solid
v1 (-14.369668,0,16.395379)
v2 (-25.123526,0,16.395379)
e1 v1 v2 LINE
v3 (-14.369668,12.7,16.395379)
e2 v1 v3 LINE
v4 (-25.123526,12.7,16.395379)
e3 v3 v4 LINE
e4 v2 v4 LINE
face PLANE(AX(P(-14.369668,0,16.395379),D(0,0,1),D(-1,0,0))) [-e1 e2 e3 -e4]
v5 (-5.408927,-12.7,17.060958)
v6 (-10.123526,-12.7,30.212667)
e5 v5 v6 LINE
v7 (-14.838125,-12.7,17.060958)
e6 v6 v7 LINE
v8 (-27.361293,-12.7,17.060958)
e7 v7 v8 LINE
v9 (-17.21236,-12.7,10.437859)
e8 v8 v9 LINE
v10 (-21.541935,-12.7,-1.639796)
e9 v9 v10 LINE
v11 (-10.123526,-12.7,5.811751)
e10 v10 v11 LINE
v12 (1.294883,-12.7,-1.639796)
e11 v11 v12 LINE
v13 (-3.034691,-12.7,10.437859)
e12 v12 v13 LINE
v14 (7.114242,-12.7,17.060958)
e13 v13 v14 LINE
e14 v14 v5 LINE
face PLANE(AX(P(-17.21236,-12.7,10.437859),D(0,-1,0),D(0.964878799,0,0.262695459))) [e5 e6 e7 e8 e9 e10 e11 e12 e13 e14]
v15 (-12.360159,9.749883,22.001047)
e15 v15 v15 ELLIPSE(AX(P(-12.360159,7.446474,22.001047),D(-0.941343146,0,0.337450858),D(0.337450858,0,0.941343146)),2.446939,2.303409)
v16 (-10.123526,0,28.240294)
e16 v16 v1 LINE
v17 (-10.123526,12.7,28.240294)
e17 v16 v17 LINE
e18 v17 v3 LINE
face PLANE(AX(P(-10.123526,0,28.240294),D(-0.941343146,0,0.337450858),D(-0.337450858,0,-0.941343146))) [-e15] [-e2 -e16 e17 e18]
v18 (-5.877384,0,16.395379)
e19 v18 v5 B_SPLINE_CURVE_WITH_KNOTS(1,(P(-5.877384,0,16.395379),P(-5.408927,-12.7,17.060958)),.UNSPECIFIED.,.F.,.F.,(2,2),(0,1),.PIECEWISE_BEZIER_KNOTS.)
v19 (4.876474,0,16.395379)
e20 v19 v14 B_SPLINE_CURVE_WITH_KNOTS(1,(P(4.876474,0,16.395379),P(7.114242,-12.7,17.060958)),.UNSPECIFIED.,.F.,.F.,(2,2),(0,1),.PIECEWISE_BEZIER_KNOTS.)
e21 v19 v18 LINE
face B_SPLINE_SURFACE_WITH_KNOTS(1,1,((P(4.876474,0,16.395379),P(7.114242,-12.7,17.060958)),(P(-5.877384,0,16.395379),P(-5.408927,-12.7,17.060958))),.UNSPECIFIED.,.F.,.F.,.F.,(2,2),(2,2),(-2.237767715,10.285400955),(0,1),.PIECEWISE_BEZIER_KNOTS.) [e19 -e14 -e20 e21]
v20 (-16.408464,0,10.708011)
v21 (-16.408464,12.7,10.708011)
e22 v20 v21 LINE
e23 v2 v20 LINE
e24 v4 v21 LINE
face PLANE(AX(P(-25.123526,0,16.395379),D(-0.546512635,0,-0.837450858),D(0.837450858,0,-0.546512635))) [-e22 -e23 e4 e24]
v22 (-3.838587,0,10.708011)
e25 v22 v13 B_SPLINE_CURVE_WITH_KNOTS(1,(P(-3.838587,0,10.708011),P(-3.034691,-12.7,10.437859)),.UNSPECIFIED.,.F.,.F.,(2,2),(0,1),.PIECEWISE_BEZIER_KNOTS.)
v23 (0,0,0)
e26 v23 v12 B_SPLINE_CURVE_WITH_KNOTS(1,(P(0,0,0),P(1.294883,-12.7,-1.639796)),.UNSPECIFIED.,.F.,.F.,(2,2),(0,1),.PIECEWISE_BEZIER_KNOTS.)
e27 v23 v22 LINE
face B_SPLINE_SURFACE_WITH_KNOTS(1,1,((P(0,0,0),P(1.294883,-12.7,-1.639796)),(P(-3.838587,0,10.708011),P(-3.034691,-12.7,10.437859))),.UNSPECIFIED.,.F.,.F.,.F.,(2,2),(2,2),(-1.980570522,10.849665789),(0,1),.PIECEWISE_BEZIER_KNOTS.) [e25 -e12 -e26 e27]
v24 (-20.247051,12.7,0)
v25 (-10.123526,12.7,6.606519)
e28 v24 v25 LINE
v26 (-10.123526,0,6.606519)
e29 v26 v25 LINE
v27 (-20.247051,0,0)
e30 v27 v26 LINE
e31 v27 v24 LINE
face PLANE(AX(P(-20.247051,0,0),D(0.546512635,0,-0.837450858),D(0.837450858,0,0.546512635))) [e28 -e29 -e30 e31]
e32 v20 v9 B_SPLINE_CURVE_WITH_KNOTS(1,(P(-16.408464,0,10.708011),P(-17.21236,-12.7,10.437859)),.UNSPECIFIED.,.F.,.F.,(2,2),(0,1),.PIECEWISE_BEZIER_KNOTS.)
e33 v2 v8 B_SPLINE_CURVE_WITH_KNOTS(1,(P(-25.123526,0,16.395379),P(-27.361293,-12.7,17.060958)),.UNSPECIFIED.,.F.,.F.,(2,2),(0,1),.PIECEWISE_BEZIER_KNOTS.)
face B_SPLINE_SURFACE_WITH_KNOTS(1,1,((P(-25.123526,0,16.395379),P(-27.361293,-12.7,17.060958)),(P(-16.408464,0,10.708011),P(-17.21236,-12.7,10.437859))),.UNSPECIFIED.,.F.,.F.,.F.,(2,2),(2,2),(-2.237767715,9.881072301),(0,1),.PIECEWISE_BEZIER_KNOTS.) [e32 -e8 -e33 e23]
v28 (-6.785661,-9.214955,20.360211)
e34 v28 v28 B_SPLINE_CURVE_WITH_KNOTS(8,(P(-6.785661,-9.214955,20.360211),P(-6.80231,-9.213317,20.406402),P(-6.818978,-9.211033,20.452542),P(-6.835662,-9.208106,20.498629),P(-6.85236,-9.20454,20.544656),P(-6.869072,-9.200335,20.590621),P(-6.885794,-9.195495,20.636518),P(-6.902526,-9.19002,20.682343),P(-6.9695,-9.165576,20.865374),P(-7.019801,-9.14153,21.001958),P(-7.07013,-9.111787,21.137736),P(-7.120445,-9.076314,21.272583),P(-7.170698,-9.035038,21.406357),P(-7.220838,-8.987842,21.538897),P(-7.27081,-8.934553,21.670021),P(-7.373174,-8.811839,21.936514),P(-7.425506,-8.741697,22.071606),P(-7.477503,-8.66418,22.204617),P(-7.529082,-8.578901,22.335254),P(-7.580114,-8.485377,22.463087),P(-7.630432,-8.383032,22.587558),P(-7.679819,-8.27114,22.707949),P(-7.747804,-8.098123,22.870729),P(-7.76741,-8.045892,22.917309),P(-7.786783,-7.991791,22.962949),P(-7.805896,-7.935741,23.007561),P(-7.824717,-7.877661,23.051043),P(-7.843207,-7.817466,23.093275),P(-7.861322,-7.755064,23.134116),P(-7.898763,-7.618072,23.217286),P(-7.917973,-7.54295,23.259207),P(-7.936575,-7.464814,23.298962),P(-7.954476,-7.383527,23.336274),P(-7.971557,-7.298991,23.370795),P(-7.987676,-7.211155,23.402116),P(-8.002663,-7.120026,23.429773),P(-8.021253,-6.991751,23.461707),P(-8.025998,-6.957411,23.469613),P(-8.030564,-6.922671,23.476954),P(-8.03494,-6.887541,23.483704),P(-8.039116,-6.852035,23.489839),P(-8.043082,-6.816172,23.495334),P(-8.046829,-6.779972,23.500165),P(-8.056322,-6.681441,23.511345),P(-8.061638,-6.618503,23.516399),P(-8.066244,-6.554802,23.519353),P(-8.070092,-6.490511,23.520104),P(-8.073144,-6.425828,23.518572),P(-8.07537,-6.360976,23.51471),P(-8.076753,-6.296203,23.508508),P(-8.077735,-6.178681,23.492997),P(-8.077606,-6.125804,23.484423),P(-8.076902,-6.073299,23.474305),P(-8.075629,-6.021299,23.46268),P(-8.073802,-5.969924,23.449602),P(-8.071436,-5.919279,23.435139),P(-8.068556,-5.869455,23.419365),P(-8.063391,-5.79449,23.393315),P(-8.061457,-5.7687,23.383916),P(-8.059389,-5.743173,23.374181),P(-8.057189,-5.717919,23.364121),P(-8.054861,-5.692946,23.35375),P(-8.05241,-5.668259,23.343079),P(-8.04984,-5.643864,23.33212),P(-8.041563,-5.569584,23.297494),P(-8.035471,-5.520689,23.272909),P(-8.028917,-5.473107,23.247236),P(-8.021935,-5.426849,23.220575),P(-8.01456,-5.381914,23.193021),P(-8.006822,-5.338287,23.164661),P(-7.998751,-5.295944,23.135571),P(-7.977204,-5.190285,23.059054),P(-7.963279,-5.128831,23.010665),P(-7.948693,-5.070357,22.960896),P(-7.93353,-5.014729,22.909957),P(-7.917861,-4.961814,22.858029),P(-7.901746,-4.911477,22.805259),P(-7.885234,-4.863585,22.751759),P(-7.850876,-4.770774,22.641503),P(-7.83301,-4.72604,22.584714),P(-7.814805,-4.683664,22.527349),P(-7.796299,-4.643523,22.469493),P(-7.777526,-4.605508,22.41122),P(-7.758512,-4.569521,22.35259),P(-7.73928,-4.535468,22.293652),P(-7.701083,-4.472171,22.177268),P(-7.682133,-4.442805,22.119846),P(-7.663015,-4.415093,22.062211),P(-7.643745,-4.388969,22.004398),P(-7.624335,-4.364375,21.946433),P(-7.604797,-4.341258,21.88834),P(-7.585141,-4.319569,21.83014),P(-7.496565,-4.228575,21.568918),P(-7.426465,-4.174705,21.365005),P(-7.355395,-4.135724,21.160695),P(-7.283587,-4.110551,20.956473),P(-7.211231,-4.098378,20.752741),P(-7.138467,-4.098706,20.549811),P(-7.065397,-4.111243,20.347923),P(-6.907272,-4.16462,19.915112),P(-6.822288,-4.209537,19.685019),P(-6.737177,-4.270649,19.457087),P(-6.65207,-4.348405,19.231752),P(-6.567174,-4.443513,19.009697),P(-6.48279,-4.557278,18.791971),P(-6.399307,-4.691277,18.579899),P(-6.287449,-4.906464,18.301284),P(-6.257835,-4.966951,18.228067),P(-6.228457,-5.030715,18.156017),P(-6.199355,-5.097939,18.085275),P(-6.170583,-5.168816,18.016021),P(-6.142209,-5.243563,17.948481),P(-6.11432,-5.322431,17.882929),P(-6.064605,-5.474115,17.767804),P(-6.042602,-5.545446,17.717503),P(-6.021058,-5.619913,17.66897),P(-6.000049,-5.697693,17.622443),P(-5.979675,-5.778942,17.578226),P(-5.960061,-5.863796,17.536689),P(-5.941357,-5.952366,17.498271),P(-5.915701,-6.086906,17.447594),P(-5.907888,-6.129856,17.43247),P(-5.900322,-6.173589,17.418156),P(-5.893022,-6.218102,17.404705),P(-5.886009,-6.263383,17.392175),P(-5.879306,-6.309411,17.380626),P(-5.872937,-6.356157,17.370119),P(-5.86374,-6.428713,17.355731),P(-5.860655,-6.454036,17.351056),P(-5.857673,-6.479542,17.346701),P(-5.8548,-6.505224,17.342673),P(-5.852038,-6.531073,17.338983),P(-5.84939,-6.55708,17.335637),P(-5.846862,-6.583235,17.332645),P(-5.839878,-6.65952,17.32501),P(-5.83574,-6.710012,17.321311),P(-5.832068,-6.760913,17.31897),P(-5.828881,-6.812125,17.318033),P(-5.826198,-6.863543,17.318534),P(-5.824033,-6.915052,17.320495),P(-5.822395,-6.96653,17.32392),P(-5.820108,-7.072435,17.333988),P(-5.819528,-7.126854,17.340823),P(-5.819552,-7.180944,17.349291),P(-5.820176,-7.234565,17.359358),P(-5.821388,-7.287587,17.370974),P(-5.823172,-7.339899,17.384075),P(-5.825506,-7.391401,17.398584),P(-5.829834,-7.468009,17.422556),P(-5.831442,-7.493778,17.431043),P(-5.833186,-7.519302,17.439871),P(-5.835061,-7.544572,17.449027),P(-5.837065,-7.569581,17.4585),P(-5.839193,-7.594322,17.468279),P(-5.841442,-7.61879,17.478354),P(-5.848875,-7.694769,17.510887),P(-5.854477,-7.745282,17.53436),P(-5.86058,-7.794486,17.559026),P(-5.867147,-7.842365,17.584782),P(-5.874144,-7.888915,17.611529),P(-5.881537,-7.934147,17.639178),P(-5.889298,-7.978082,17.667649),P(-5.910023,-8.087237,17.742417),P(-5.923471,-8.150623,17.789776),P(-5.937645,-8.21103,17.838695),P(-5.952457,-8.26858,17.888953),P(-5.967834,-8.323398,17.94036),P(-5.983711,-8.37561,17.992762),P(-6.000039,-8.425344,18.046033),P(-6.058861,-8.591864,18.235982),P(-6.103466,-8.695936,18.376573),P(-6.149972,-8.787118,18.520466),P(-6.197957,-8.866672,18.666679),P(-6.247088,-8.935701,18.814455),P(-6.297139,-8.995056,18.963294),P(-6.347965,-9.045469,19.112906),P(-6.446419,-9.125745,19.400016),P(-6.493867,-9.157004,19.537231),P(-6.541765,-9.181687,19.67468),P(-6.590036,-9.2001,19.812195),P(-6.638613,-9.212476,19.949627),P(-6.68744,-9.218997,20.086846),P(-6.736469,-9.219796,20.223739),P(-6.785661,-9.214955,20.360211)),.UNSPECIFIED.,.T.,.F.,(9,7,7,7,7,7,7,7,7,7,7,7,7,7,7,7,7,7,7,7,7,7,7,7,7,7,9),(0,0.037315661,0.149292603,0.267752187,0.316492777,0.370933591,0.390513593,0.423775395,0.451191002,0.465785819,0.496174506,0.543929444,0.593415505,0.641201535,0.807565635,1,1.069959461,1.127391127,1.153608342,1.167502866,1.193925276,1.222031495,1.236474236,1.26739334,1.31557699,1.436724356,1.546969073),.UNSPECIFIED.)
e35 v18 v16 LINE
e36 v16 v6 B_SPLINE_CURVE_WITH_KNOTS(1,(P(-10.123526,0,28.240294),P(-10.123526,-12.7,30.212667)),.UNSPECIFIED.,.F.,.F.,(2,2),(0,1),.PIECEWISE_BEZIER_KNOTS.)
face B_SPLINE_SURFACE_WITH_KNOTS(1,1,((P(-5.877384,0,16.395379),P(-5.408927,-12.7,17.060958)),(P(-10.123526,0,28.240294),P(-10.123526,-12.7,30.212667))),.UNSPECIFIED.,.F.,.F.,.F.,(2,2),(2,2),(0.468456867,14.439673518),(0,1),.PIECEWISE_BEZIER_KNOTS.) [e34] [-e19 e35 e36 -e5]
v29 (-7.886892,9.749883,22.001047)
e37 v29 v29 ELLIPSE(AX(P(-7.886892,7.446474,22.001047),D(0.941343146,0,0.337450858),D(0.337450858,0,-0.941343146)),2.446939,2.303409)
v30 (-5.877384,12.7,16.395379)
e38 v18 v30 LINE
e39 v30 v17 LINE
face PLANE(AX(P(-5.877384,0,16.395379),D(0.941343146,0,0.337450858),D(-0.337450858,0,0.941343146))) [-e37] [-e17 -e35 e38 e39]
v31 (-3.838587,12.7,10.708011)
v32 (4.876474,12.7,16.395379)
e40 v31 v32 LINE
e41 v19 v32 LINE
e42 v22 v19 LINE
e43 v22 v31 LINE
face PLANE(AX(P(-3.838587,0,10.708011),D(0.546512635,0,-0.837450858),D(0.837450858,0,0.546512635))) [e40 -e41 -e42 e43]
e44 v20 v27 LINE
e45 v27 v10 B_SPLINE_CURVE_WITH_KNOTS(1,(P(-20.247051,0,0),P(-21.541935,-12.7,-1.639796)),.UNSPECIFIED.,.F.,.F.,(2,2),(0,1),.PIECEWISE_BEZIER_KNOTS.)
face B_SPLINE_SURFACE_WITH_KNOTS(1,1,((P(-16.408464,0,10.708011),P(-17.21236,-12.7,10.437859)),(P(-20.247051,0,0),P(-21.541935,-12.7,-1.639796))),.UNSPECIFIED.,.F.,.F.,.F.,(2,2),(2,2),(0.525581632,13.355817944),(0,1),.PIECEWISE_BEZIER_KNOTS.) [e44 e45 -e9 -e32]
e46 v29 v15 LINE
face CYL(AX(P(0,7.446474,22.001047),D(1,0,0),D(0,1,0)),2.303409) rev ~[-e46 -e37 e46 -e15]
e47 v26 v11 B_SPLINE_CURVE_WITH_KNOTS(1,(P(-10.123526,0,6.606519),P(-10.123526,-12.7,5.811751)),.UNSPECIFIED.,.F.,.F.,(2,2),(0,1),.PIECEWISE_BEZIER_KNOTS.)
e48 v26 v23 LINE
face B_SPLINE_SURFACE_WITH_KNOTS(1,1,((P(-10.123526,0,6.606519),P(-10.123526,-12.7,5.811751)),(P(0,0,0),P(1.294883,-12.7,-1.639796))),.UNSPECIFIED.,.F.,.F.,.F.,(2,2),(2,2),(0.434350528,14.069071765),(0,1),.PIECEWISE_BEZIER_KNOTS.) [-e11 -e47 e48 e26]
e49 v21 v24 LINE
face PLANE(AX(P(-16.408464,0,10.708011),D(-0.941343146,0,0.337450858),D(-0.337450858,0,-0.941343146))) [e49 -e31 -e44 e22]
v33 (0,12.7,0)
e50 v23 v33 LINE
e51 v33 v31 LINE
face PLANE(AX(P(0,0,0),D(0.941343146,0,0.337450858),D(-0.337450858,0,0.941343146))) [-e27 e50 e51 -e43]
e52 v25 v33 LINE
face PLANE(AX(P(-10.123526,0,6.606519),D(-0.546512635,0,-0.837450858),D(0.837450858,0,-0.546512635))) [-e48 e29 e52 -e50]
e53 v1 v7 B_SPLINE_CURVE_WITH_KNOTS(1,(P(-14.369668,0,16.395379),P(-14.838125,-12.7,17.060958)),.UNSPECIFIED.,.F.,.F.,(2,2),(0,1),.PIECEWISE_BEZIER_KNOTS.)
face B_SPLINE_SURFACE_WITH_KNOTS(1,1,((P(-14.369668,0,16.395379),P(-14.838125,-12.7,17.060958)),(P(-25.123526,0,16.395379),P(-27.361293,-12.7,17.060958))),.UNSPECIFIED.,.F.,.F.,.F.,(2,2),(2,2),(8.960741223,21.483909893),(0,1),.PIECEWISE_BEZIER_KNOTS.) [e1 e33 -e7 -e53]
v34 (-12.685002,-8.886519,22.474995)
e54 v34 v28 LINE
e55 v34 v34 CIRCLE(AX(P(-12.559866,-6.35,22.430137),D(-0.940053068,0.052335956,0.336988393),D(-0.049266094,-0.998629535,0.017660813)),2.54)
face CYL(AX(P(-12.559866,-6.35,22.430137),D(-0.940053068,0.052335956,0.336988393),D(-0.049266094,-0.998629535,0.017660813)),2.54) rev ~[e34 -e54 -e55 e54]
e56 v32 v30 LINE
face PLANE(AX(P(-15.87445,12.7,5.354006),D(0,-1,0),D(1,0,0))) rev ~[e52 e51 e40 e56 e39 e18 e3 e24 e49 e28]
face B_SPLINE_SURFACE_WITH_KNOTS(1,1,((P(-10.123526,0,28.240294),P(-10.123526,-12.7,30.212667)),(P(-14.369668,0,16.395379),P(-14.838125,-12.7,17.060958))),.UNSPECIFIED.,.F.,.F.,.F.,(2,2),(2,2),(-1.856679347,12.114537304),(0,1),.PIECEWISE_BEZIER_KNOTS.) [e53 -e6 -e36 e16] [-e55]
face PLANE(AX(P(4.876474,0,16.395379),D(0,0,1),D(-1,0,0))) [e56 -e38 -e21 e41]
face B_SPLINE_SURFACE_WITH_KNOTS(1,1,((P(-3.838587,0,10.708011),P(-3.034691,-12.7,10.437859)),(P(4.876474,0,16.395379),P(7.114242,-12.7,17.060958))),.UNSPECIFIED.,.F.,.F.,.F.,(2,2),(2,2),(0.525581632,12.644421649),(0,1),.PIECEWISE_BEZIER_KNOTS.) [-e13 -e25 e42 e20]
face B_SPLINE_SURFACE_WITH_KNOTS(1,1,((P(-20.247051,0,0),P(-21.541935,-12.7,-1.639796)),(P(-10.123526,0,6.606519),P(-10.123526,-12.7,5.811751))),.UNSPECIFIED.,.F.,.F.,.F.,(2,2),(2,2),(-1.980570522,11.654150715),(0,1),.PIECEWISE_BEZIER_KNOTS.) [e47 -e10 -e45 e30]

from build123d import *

# Parameters (mm, degrees)
F2_DEPTH      = 12.7
F2_TAPER      = -3
F2_DEPTH_BACK = 12.7
F3_R          = 2.54
F4_DEPTH      = 8.0921539509
F5_R          = 2.3034089063
F6_DEPTH      = 27.362293552


with BuildPart() as f2:
    # F1 (on Front) → F2 (new body, two sides)
    with BuildSketch(Plane.XZ) as f2_sk:
        Polygon((-16.4084644725, 10.7080111944), (-20.2470514737, 0), (-10.1235257369, 6.606518672), align=None)
        Polygon((-25.1235257369, 16.3953790609), (-16.4084644725, 10.7080111944), (-14.3696679147, 16.3953790609), align=None)
        Polygon((-14.3696679147, 16.3953790609), (-16.4084644725, 10.7080111944), (-10.1235257369, 6.606518672), (-3.8385870012, 10.7080111944), (-5.877383559, 16.3953790609), align=None)
        Polygon((-3.8385870012, 10.7080111944), (-10.1235257369, 6.606518672), (0, 0), align=None)
        Polygon((-10.1235257369, 28.2402943798), (-14.3696679147, 16.3953790609), (-5.877383559, 16.3953790609), align=None)
        Polygon((-5.877383559, 16.3953790609), (-3.8385870012, 10.7080111944), (4.8764742631, 16.3953790609), align=None)
    extrude(amount=F2_DEPTH, taper=F2_TAPER)
    extrude(f2_sk.sketch, amount=-F2_DEPTH_BACK)

    # F3 (on face) → F4 (cut, through all)
    with BuildSketch(Plane(origin=(-17.892314741, 0.9961261053, 6.4140021466), x_dir=(-0.0492660937, -0.9986295348, 0.0176608133), z_dir=(-0.9400530679, 0.0523359562, 0.3369883932))):
        with Locations((7.3562075321, 16.8761180249)):
            Circle(F3_R)
    extrude(amount=-F4_DEPTH, mode=Mode.SUBTRACT)

    # F5 (on Right) → F6 (cut, through all)
    with BuildSketch(Plane.YZ):
        with Locations((7.44647393, 22.0010466874)):
            Circle(F5_R)
    extrude(amount=-F6_DEPTH, mode=Mode.SUBTRACT)


solid = f2.part
